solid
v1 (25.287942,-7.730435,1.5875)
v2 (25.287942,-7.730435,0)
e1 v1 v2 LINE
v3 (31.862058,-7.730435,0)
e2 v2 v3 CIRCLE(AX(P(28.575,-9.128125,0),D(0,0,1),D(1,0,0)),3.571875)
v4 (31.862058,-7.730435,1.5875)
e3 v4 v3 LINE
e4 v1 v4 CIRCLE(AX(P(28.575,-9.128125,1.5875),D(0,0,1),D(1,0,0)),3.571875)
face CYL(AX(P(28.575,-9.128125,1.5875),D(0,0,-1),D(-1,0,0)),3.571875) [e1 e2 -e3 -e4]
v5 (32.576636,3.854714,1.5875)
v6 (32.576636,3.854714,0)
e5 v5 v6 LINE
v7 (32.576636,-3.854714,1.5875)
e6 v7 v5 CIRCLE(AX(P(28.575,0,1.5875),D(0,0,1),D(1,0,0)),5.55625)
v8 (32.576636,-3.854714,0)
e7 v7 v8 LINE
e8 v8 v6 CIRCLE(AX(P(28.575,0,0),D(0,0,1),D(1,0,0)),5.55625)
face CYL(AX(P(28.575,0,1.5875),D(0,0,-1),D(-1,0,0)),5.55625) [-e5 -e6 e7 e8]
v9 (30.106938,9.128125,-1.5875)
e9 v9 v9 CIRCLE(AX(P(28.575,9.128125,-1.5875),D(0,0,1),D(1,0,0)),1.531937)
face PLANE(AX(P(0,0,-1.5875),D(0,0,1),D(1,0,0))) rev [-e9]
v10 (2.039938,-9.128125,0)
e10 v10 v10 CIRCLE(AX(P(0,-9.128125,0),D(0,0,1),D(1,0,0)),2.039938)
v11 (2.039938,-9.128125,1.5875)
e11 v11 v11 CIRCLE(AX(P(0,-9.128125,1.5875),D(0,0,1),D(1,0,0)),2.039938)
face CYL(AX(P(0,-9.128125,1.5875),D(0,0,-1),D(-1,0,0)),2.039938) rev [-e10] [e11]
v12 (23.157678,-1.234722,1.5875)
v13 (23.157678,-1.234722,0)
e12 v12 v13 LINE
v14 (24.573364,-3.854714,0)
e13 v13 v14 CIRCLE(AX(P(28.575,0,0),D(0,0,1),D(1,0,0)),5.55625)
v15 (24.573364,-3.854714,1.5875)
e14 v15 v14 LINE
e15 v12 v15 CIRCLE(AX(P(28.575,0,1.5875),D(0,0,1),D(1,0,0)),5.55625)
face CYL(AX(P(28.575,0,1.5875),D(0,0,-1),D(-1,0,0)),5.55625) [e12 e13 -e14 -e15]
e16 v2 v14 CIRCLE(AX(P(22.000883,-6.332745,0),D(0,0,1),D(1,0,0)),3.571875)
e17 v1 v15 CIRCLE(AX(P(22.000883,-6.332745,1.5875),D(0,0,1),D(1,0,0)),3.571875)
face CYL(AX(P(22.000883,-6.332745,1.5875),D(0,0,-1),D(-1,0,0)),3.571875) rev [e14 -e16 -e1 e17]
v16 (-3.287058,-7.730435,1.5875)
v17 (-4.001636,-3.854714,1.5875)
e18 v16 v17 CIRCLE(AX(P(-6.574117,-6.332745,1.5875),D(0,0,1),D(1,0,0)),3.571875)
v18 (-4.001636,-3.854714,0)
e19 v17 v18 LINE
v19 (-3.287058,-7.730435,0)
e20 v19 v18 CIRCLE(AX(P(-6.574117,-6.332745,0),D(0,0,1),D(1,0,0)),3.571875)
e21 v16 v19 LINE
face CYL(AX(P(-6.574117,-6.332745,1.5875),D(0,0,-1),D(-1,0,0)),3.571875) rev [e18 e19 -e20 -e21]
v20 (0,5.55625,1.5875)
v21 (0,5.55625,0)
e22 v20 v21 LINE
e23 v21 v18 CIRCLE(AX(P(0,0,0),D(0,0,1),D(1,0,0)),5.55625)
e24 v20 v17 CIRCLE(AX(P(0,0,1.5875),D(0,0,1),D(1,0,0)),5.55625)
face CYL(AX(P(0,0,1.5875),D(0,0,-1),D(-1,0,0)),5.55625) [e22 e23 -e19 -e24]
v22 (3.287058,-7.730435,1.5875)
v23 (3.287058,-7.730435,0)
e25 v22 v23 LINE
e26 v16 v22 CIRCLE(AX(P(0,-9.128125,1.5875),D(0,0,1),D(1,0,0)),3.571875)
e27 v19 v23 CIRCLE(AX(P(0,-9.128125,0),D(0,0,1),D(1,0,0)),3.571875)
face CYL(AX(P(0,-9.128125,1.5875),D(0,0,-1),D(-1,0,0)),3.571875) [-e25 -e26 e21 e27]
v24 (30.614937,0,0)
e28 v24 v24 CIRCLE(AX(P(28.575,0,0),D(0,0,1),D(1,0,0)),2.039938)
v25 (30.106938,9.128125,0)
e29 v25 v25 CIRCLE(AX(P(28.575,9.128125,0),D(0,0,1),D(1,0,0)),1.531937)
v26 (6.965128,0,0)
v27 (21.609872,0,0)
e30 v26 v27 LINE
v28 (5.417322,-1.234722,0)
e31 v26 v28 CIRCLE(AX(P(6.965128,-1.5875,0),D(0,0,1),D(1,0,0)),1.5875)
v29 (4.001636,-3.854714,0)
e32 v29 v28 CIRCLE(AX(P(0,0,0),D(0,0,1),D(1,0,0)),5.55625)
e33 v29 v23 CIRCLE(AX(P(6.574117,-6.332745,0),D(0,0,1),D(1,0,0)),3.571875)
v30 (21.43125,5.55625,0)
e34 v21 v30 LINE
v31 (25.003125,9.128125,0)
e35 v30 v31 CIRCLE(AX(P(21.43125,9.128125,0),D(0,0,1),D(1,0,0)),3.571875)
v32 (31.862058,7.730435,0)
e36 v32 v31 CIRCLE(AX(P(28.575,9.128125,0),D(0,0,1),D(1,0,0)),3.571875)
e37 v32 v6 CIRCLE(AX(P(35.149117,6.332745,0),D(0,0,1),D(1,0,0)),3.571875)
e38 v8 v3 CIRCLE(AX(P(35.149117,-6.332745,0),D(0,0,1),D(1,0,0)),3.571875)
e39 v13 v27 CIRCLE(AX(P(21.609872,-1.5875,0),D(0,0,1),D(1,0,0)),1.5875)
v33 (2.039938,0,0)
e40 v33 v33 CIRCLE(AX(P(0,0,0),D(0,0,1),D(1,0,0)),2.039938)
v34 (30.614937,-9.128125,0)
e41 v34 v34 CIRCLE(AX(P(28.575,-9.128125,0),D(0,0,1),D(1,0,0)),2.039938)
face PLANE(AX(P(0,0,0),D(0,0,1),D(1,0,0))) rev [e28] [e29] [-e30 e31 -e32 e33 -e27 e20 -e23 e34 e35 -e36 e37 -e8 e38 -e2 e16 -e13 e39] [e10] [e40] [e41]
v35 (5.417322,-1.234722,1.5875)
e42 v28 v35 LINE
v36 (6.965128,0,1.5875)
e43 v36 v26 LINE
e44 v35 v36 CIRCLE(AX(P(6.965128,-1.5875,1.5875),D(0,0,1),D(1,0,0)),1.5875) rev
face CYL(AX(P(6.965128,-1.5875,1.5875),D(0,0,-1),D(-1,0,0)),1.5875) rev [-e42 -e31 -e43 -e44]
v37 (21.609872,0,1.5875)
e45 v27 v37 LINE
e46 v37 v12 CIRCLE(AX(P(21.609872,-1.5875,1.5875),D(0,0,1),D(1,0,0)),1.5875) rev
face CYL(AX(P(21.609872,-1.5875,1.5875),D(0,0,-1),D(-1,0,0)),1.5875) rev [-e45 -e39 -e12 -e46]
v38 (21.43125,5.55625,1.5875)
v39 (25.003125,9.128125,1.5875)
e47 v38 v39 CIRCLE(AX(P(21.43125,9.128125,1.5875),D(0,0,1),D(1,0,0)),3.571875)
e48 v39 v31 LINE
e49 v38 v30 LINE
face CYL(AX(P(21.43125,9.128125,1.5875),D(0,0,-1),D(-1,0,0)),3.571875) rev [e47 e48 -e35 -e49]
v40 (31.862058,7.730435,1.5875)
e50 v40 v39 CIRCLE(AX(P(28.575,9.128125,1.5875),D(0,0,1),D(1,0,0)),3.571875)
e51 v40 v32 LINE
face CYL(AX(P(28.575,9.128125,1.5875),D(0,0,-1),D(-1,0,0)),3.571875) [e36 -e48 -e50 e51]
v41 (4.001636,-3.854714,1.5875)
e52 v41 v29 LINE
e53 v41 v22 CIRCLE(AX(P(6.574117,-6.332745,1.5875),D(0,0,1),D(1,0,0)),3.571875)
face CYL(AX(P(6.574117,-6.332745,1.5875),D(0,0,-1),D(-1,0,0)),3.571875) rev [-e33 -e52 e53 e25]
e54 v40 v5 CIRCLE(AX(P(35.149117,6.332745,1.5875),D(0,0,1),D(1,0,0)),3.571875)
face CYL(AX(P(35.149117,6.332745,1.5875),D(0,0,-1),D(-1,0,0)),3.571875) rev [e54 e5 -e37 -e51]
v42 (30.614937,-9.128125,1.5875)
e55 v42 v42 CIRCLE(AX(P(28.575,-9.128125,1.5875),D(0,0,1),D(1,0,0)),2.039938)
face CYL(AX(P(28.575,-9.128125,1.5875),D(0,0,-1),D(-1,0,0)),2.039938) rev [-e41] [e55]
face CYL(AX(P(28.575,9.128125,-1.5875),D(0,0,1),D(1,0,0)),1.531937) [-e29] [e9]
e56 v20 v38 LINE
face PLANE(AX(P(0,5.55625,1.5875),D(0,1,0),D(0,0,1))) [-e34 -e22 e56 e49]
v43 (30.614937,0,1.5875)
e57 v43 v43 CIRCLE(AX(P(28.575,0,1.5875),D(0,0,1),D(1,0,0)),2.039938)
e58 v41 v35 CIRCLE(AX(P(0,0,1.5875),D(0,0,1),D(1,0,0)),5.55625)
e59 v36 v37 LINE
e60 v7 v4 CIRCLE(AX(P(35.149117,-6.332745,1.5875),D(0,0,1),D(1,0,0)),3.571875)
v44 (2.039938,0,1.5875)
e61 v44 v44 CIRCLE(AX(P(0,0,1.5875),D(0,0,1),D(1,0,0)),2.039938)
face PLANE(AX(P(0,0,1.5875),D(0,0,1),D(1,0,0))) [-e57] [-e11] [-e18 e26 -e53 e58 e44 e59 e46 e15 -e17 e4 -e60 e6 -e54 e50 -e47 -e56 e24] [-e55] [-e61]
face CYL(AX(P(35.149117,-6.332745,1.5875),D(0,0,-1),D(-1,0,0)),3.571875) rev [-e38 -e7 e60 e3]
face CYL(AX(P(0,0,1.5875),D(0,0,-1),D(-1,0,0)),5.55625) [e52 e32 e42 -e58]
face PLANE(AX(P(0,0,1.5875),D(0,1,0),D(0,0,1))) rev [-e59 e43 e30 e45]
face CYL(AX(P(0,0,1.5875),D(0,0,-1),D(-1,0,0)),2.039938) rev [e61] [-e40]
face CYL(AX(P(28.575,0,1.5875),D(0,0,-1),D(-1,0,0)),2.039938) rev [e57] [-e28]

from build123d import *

# Parameters (mm, degrees)
SKETCH2_R                = 2.0399375
SKETCH2_R_2              = 1.5319375
BOSS_EXTRUDE1_DEPTH      = 1.5875
BOSS_EXTRUDE3_DEPTH      = 1.5875
BOSS_EXTRUDE3_DEPTH_BACK = 1.5875
SKETCH2_4_R              = 1.5319375
FILLET1_R                = 1.5875


with BuildPart() as part:
    # Sketch2 → Boss-Extrude1 (new body)
    with BuildSketch(Plane.XY):
        with BuildLine():
            ThreePointArc((0, 5.55625), (-5.113202022, 2.174184709), (-4.001636229, -3.854714199))
            ThreePointArc((-4.001636229, -3.854714199), (-3.061446645, -5.685103398), (-3.287058415, -7.730434766))
            ThreePointArc((-3.287058415, -7.730434766), (0, -12.7), (3.287058415, -7.730434766))
            ThreePointArc((3.287058415, -7.730434766), (3.061446641, -5.685103418), (4.0016362, -3.854714229))
            ThreePointArc((4.0016362, -3.854714229), (5.152960566, -2.078199091), (5.55625, 0))
            Line((5.55625, 0), (23.01875, 0))
            ThreePointArc((23.01875, 0), (23.422039385, -2.07819897), (24.573363619, -3.854714041))
            ThreePointArc((24.573363619, -3.854714041), (25.513553344, -5.685103337), (25.287941547, -7.730434854))
            ThreePointArc((25.287941547, -7.730434854), (28.575000048, -12.7), (31.862058415, -7.730434766))
            ThreePointArc((31.862058415, -7.730434766), (31.636446655, -5.685103342), (32.576636308, -3.854714117))
            ThreePointArc((32.576636308, -3.854714117), (34.13125, -7.3e-08), (32.576636409, 3.854714012))
            ThreePointArc((32.576636409, 3.854714012), (31.636446674, 5.685103241), (31.862058392, 7.730434711))
            ThreePointArc((31.862058392, 7.730434711), (29.288207306, 12.628071622), (25.003125, 9.128125))
            ThreePointArc((25.003125, 9.128125), (23.956947034, 6.602427966), (21.43125, 5.55625))
            Line((21.43125, 5.55625), (0, 5.55625))
        make_face()
        Circle(SKETCH2_R, mode=Mode.SUBTRACT)
        with Locations((28.575, 0)):
            Circle(SKETCH2_R, mode=Mode.SUBTRACT)
        with Locations((28.575, 9.128125)):
            Circle(SKETCH2_R_2, mode=Mode.SUBTRACT)
        with Locations((0, -9.128125)):
            Circle(SKETCH2_R, mode=Mode.SUBTRACT)
        with Locations((28.575, -9.128125)):
            Circle(SKETCH2_R, mode=Mode.SUBTRACT)
    extrude(amount=BOSS_EXTRUDE1_DEPTH)

    # Sketch2<4> → Boss-Extrude3 (add, two sides: drawn at the far end of the back side and taken through both)
    with BuildSketch(Plane.XY.offset(-BOSS_EXTRUDE3_DEPTH_BACK)):
        with Locations((28.575, 9.128125)):
            Circle(SKETCH2_4_R)
    extrude(amount=BOSS_EXTRUDE3_DEPTH + BOSS_EXTRUDE3_DEPTH_BACK)

    # Fillet1
    fillet1_edges = [part.edges().sort_by_distance(p)[0] for p in [
        (23.01875, 0, 0.79375),
        (5.55625, 0, 0.79375),
    ]]
    fillet(fillet1_edges, radius=FILLET1_R)


solid = part.part
